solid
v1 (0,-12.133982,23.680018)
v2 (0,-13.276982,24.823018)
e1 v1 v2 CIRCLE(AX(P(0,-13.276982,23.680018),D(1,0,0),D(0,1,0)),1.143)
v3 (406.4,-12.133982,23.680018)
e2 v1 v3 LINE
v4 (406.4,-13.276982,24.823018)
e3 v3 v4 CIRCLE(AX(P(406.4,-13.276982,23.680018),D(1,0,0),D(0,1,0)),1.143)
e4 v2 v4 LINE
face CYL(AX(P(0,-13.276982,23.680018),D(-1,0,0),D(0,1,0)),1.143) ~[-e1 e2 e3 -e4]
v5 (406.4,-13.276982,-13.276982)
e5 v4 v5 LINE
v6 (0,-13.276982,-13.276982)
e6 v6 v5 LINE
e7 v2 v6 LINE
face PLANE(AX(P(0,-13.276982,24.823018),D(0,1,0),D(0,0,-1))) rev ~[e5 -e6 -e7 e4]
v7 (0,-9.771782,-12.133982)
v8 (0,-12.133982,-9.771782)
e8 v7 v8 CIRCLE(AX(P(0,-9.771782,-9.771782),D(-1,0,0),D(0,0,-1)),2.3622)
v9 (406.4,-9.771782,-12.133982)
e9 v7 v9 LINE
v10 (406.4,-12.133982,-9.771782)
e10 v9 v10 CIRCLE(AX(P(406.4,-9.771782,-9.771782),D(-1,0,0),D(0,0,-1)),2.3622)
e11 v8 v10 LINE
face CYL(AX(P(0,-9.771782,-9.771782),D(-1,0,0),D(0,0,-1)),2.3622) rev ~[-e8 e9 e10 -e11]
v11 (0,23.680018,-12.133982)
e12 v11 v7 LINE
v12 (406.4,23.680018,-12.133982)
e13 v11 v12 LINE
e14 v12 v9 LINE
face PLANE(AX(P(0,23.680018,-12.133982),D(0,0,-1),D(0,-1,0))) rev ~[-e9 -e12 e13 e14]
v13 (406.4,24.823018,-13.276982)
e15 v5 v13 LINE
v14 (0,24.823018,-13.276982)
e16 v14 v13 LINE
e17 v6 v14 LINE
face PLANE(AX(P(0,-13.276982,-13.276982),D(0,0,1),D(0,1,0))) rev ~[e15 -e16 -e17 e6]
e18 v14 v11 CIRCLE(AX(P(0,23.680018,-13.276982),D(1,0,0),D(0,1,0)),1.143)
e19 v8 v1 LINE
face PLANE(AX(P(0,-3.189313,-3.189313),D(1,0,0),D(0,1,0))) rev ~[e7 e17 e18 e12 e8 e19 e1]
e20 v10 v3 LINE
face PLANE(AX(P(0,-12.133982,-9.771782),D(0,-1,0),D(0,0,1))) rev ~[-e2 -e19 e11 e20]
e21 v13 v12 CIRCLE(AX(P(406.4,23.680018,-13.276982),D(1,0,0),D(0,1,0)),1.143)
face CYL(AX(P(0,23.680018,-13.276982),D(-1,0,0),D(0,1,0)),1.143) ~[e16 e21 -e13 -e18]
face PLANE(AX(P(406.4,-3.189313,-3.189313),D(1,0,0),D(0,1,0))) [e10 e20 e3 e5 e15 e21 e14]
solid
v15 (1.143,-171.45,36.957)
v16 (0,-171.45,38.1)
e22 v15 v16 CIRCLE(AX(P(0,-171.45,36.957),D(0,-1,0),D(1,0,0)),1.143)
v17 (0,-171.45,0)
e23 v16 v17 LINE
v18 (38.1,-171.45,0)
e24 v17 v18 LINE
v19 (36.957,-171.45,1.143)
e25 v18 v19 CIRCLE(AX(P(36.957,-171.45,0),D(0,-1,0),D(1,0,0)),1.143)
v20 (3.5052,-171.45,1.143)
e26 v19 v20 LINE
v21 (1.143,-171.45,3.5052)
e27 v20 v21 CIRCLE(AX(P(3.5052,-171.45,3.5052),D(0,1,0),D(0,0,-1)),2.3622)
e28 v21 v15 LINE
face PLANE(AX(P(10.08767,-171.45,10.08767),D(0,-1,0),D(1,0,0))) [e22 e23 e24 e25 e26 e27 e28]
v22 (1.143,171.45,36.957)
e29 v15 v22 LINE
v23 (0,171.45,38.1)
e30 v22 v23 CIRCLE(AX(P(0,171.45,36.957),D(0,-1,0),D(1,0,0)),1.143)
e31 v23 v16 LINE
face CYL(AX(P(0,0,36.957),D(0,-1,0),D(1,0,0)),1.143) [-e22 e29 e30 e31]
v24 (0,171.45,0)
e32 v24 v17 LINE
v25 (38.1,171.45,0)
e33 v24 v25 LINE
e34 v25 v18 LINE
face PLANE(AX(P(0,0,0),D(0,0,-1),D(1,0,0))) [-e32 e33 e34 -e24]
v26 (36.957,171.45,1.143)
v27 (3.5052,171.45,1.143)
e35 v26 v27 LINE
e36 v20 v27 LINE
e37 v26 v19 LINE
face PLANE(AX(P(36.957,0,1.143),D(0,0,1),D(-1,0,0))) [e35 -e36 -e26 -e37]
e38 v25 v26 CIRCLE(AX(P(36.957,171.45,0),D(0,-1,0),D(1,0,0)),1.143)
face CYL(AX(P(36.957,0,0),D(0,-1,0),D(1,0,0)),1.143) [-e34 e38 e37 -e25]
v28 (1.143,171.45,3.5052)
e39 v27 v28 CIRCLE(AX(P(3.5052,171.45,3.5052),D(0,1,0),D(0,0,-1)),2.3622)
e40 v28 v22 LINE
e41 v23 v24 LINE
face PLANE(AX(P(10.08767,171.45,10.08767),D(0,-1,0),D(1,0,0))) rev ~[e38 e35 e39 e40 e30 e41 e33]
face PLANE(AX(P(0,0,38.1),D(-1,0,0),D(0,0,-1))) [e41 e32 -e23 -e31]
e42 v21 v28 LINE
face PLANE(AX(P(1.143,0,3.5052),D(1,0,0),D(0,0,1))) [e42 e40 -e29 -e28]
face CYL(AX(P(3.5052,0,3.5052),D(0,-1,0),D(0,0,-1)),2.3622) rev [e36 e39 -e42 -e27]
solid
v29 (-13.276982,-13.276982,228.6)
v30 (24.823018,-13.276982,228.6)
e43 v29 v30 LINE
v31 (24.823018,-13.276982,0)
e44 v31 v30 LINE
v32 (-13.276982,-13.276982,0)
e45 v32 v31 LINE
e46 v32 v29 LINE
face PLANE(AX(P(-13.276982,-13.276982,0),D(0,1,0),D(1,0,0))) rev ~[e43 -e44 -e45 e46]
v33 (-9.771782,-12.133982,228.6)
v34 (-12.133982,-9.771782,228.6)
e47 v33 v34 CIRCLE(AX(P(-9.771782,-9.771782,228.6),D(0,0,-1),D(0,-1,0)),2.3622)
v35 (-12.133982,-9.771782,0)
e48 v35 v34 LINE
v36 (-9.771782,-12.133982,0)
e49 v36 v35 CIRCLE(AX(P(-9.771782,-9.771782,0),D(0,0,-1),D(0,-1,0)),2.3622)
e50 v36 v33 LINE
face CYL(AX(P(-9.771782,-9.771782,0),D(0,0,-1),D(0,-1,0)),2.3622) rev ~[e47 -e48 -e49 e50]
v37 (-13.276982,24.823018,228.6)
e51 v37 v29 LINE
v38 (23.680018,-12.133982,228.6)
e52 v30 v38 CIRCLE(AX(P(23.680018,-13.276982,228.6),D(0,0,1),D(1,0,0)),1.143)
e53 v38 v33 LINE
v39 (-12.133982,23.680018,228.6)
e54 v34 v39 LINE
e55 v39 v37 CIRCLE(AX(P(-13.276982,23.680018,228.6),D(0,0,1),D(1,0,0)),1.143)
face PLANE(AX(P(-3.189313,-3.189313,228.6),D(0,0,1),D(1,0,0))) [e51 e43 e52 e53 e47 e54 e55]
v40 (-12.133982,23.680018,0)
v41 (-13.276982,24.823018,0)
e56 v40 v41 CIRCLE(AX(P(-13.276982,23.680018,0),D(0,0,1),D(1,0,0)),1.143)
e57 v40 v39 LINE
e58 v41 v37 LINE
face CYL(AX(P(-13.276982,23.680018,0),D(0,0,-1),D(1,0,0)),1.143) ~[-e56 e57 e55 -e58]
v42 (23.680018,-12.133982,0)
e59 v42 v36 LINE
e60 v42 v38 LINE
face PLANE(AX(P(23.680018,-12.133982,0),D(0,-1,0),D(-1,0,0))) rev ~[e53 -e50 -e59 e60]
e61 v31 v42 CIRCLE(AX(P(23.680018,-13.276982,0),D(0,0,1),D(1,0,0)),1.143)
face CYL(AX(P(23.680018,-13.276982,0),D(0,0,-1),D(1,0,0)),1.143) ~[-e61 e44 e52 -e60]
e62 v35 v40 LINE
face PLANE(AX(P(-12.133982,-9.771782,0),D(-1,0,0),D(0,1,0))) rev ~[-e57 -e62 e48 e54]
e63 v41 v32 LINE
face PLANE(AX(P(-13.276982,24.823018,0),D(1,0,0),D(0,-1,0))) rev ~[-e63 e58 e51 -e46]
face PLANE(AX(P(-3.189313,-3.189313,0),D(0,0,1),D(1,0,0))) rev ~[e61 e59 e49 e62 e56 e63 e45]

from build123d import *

# Parameters (mm, degrees)
F1_DEPTH = 171.45
F3_DEPTH = 228.6
F5_DEPTH = 406.4


with BuildPart() as f1:
    # F0 (on Front) → F1 (new body, symmetric)
    with BuildSketch(Plane.XZ):
        with BuildLine():
            ThreePointArc((1.143, 36.957), (0.8082230509, 37.7652230509), (0, 38.1))
            Line((0, 38.1), (0, 0))
            Line((0, 0), (38.1, 0))
            ThreePointArc((38.1, 0), (37.7652230509, 0.8082230509), (36.957, 1.143))
            Line((36.957, 1.143), (3.5052, 1.143))
            ThreePointArc((3.5052, 1.143), (1.8348723615, 1.8348723615), (1.143, 3.5052))
            Line((1.143, 3.5052), (1.143, 36.957))
        make_face()
    extrude(amount=F1_DEPTH, both=True)


with BuildPart() as f3:
    # F2 (on Top) → F3 (new body)
    with BuildSketch(Plane.XY):
        with BuildLine():
            ThreePointArc((-12.1339824644, 23.6800175356), (-12.4687594135, 24.4882405865), (-13.2769824644, 24.8230175356))
            Line((-13.2769824644, 24.8230175356), (-13.2769824644, -13.2769824644))
            Line((-13.2769824644, -13.2769824644), (24.8230175356, -13.2769824644))
            ThreePointArc((24.8230175356, -13.2769824644), (24.4882405865, -12.4687594135), (23.6800175356, -12.1339824644))
            Line((23.6800175356, -12.1339824644), (-9.7717824644, -12.1339824644))
            ThreePointArc((-9.7717824644, -12.1339824644), (-11.442110103, -11.442110103), (-12.1339824644, -9.7717824644))
            Line((-12.1339824644, -9.7717824644), (-12.1339824644, 23.6800175356))
        make_face()
    extrude(amount=F3_DEPTH)


with BuildPart() as f5:
    # F4 (on Right) → F5 (new body)
    with BuildSketch(Plane.YZ):
        with BuildLine():
            ThreePointArc((-12.1339824644, 23.6800175356), (-12.4687594135, 24.4882405865), (-13.2769824644, 24.8230175356))
            Line((-13.2769824644, 24.8230175356), (-13.2769824644, -13.2769824644))
            Line((-13.2769824644, -13.2769824644), (24.8230175356, -13.2769824644))
            ThreePointArc((24.8230175356, -13.2769824644), (24.4882405865, -12.4687594135), (23.6800175356, -12.1339824644))
            Line((23.6800175356, -12.1339824644), (-9.7717824644, -12.1339824644))
            ThreePointArc((-9.7717824644, -12.1339824644), (-11.442110103, -11.442110103), (-12.1339824644, -9.7717824644))
            Line((-12.1339824644, -9.7717824644), (-12.1339824644, 23.6800175356))
        make_face()
    extrude(amount=F5_DEPTH)


solid = Compound([f1.part, f3.part, f5.part])
